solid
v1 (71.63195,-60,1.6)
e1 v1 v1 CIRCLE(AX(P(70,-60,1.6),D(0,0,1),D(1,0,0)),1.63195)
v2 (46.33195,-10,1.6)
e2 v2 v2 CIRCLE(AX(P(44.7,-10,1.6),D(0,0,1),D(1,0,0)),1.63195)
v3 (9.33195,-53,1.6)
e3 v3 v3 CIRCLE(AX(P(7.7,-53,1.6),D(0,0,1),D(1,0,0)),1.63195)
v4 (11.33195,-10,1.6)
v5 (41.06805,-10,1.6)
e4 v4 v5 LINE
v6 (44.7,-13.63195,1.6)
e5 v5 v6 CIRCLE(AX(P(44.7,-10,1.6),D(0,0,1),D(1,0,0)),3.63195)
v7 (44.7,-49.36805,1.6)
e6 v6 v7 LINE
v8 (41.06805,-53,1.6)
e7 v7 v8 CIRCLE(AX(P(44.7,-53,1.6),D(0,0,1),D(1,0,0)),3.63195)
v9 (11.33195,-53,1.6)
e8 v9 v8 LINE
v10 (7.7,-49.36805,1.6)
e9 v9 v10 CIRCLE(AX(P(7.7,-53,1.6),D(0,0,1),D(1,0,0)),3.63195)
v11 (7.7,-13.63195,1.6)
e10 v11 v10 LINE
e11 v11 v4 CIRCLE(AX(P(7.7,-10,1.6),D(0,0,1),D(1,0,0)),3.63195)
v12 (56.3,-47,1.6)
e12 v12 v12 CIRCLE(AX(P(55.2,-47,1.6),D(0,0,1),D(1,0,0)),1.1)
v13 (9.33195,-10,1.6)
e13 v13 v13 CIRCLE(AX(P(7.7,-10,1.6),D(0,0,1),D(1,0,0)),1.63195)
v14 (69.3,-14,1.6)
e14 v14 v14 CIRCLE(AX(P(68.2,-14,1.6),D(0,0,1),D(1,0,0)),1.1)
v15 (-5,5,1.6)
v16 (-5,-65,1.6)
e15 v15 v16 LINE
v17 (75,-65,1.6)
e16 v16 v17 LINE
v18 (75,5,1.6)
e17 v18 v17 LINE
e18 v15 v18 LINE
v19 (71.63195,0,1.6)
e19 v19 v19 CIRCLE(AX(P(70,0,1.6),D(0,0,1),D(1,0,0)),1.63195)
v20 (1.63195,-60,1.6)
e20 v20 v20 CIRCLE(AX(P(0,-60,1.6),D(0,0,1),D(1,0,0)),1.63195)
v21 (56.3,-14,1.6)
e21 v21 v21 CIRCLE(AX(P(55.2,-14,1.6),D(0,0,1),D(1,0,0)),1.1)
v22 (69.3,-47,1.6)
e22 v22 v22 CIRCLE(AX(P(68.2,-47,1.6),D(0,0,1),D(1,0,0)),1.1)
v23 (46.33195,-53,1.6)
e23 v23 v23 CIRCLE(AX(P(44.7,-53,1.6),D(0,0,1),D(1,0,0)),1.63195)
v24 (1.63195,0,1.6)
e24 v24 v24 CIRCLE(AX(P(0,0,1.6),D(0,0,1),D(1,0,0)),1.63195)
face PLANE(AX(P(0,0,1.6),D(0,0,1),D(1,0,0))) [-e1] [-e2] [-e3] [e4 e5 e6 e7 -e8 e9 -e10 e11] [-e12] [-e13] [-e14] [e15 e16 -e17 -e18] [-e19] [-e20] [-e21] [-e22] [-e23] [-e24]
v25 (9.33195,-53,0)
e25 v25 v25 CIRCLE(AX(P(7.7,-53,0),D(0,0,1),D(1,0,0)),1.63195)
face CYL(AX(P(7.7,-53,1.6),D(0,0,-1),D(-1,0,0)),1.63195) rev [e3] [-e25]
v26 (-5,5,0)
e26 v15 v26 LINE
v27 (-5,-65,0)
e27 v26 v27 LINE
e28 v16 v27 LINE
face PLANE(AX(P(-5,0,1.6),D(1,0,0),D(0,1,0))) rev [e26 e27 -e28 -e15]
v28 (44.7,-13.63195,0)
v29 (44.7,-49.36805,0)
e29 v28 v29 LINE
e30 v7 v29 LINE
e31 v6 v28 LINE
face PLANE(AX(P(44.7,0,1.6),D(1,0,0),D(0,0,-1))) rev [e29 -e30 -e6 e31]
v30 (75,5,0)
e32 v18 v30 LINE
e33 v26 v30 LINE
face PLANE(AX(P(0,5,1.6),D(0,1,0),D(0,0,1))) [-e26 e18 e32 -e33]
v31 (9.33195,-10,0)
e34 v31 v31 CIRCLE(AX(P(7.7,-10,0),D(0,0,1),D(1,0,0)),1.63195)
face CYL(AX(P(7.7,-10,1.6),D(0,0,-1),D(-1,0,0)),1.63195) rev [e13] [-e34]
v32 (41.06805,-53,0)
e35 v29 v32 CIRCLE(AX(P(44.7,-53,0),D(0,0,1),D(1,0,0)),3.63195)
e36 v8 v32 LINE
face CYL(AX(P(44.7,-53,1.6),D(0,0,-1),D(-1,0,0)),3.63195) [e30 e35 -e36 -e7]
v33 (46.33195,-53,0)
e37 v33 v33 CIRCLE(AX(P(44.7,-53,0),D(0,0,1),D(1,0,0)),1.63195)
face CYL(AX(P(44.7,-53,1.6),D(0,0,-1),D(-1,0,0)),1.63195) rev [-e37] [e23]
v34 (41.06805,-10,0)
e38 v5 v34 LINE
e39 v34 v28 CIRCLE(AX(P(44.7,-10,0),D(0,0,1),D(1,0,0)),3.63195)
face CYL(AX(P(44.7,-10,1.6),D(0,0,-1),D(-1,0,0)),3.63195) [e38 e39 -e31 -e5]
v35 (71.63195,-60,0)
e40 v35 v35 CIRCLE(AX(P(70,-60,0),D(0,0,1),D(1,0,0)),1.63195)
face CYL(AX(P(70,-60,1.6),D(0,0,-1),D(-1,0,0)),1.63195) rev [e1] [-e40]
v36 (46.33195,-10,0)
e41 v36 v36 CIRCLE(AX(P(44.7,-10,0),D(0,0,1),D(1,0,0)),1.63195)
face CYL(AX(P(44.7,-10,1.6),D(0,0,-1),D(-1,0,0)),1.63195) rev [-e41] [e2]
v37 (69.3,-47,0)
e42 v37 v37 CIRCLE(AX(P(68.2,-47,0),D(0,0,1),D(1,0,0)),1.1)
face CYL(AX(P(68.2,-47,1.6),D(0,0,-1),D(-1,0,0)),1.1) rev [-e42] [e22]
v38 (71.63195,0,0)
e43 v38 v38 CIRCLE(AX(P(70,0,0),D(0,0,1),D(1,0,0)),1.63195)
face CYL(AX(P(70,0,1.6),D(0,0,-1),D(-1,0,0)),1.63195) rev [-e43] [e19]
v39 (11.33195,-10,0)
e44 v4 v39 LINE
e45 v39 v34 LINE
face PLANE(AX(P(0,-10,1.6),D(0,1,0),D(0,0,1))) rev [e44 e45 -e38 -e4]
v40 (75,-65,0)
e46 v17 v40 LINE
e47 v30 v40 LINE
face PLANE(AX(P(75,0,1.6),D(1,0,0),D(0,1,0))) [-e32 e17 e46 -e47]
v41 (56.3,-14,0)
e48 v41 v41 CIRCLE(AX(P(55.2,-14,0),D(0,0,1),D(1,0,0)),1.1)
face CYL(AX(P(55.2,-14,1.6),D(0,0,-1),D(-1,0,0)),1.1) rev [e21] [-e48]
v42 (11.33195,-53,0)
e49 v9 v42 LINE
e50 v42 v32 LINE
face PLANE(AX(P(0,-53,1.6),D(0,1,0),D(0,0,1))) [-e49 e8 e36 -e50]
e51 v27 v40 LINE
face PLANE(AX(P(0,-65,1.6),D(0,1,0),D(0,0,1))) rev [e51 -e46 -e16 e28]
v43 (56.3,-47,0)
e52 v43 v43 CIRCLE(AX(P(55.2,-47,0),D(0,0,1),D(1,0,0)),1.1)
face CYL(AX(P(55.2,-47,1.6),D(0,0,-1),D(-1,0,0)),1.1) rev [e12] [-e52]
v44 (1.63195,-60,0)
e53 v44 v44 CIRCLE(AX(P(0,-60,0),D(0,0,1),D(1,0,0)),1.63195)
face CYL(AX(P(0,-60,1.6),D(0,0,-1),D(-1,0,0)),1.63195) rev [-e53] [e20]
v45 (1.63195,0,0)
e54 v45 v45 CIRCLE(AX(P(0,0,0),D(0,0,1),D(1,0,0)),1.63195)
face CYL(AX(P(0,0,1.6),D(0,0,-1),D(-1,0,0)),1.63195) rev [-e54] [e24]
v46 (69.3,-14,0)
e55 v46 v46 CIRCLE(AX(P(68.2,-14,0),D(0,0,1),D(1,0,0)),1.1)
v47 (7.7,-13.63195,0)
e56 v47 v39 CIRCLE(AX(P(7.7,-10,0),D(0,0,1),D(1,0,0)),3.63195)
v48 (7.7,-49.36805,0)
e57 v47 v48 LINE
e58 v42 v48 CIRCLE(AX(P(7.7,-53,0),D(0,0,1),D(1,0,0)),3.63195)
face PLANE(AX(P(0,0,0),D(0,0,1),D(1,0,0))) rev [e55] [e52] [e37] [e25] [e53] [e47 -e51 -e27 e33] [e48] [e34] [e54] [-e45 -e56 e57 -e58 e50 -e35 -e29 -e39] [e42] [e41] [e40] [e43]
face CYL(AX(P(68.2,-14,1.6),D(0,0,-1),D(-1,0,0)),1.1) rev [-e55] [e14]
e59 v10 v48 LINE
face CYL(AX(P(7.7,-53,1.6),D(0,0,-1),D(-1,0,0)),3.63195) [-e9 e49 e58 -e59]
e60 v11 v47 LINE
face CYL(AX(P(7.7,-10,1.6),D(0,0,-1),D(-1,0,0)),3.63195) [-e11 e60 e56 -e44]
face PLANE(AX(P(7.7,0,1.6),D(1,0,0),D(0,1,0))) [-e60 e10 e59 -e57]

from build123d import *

# Parameters (mm, degrees)
SKETCH1_W           = 80
SKETCH1_H           = 70
SKETCH1_R           = 1.63195
SKETCH1_R_2         = 1.1
BOSS_EXTRUDE1_DEPTH = 1.6


with BuildPart() as part:
    # Sketch1 → Boss-Extrude1 (new body)
    with BuildSketch(Plane.XY):
        with Locations((35, -30)):
            Rectangle(SKETCH1_W, SKETCH1_H)
        with Locations((0, -60)):
            Circle(SKETCH1_R, mode=Mode.SUBTRACT)
        with BuildLine():
            Line((7.7, -49.36805), (7.7, -13.63195))
            ThreePointArc((7.7, -13.63195), (10.268176474, -12.568176474), (11.33195, -10))
            Line((11.33195, -10), (41.06805, -10))
            ThreePointArc((41.06805, -10), (42.131823526, -12.568176474), (44.7, -13.63195))
            Line((44.7, -13.63195), (44.7, -49.36805))
            ThreePointArc((44.7, -49.36805), (42.131823526, -50.431823526), (41.06805, -53))
            Line((41.06805, -53), (11.33195, -53))
            ThreePointArc((11.33195, -53), (10.268176474, -50.431823526), (7.7, -49.36805))
        make_face(mode=Mode.SUBTRACT)
        with Locations((70, -60)):
            Circle(SKETCH1_R, mode=Mode.SUBTRACT)
        with Locations((55.2, -47)):
            Circle(SKETCH1_R_2, mode=Mode.SUBTRACT)
        with Locations((68.2, -47)):
            Circle(SKETCH1_R_2, mode=Mode.SUBTRACT)
        Circle(SKETCH1_R, mode=Mode.SUBTRACT)
        with Locations((55.2, -14)):
            Circle(SKETCH1_R_2, mode=Mode.SUBTRACT)
        with Locations((68.2, -14)):
            Circle(SKETCH1_R_2, mode=Mode.SUBTRACT)
        with Locations((70, 0)):
            Circle(SKETCH1_R, mode=Mode.SUBTRACT)
        with Locations((7.7, -10)):
            Circle(SKETCH1_R, mode=Mode.SUBTRACT)
        with Locations((44.7, -10)):
            Circle(SKETCH1_R, mode=Mode.SUBTRACT)
        with Locations((7.7, -53)):
            Circle(SKETCH1_R, mode=Mode.SUBTRACT)
        with Locations((44.7, -53)):
            Circle(SKETCH1_R, mode=Mode.SUBTRACT)
    extrude(amount=BOSS_EXTRUDE1_DEPTH)


solid = part.part
